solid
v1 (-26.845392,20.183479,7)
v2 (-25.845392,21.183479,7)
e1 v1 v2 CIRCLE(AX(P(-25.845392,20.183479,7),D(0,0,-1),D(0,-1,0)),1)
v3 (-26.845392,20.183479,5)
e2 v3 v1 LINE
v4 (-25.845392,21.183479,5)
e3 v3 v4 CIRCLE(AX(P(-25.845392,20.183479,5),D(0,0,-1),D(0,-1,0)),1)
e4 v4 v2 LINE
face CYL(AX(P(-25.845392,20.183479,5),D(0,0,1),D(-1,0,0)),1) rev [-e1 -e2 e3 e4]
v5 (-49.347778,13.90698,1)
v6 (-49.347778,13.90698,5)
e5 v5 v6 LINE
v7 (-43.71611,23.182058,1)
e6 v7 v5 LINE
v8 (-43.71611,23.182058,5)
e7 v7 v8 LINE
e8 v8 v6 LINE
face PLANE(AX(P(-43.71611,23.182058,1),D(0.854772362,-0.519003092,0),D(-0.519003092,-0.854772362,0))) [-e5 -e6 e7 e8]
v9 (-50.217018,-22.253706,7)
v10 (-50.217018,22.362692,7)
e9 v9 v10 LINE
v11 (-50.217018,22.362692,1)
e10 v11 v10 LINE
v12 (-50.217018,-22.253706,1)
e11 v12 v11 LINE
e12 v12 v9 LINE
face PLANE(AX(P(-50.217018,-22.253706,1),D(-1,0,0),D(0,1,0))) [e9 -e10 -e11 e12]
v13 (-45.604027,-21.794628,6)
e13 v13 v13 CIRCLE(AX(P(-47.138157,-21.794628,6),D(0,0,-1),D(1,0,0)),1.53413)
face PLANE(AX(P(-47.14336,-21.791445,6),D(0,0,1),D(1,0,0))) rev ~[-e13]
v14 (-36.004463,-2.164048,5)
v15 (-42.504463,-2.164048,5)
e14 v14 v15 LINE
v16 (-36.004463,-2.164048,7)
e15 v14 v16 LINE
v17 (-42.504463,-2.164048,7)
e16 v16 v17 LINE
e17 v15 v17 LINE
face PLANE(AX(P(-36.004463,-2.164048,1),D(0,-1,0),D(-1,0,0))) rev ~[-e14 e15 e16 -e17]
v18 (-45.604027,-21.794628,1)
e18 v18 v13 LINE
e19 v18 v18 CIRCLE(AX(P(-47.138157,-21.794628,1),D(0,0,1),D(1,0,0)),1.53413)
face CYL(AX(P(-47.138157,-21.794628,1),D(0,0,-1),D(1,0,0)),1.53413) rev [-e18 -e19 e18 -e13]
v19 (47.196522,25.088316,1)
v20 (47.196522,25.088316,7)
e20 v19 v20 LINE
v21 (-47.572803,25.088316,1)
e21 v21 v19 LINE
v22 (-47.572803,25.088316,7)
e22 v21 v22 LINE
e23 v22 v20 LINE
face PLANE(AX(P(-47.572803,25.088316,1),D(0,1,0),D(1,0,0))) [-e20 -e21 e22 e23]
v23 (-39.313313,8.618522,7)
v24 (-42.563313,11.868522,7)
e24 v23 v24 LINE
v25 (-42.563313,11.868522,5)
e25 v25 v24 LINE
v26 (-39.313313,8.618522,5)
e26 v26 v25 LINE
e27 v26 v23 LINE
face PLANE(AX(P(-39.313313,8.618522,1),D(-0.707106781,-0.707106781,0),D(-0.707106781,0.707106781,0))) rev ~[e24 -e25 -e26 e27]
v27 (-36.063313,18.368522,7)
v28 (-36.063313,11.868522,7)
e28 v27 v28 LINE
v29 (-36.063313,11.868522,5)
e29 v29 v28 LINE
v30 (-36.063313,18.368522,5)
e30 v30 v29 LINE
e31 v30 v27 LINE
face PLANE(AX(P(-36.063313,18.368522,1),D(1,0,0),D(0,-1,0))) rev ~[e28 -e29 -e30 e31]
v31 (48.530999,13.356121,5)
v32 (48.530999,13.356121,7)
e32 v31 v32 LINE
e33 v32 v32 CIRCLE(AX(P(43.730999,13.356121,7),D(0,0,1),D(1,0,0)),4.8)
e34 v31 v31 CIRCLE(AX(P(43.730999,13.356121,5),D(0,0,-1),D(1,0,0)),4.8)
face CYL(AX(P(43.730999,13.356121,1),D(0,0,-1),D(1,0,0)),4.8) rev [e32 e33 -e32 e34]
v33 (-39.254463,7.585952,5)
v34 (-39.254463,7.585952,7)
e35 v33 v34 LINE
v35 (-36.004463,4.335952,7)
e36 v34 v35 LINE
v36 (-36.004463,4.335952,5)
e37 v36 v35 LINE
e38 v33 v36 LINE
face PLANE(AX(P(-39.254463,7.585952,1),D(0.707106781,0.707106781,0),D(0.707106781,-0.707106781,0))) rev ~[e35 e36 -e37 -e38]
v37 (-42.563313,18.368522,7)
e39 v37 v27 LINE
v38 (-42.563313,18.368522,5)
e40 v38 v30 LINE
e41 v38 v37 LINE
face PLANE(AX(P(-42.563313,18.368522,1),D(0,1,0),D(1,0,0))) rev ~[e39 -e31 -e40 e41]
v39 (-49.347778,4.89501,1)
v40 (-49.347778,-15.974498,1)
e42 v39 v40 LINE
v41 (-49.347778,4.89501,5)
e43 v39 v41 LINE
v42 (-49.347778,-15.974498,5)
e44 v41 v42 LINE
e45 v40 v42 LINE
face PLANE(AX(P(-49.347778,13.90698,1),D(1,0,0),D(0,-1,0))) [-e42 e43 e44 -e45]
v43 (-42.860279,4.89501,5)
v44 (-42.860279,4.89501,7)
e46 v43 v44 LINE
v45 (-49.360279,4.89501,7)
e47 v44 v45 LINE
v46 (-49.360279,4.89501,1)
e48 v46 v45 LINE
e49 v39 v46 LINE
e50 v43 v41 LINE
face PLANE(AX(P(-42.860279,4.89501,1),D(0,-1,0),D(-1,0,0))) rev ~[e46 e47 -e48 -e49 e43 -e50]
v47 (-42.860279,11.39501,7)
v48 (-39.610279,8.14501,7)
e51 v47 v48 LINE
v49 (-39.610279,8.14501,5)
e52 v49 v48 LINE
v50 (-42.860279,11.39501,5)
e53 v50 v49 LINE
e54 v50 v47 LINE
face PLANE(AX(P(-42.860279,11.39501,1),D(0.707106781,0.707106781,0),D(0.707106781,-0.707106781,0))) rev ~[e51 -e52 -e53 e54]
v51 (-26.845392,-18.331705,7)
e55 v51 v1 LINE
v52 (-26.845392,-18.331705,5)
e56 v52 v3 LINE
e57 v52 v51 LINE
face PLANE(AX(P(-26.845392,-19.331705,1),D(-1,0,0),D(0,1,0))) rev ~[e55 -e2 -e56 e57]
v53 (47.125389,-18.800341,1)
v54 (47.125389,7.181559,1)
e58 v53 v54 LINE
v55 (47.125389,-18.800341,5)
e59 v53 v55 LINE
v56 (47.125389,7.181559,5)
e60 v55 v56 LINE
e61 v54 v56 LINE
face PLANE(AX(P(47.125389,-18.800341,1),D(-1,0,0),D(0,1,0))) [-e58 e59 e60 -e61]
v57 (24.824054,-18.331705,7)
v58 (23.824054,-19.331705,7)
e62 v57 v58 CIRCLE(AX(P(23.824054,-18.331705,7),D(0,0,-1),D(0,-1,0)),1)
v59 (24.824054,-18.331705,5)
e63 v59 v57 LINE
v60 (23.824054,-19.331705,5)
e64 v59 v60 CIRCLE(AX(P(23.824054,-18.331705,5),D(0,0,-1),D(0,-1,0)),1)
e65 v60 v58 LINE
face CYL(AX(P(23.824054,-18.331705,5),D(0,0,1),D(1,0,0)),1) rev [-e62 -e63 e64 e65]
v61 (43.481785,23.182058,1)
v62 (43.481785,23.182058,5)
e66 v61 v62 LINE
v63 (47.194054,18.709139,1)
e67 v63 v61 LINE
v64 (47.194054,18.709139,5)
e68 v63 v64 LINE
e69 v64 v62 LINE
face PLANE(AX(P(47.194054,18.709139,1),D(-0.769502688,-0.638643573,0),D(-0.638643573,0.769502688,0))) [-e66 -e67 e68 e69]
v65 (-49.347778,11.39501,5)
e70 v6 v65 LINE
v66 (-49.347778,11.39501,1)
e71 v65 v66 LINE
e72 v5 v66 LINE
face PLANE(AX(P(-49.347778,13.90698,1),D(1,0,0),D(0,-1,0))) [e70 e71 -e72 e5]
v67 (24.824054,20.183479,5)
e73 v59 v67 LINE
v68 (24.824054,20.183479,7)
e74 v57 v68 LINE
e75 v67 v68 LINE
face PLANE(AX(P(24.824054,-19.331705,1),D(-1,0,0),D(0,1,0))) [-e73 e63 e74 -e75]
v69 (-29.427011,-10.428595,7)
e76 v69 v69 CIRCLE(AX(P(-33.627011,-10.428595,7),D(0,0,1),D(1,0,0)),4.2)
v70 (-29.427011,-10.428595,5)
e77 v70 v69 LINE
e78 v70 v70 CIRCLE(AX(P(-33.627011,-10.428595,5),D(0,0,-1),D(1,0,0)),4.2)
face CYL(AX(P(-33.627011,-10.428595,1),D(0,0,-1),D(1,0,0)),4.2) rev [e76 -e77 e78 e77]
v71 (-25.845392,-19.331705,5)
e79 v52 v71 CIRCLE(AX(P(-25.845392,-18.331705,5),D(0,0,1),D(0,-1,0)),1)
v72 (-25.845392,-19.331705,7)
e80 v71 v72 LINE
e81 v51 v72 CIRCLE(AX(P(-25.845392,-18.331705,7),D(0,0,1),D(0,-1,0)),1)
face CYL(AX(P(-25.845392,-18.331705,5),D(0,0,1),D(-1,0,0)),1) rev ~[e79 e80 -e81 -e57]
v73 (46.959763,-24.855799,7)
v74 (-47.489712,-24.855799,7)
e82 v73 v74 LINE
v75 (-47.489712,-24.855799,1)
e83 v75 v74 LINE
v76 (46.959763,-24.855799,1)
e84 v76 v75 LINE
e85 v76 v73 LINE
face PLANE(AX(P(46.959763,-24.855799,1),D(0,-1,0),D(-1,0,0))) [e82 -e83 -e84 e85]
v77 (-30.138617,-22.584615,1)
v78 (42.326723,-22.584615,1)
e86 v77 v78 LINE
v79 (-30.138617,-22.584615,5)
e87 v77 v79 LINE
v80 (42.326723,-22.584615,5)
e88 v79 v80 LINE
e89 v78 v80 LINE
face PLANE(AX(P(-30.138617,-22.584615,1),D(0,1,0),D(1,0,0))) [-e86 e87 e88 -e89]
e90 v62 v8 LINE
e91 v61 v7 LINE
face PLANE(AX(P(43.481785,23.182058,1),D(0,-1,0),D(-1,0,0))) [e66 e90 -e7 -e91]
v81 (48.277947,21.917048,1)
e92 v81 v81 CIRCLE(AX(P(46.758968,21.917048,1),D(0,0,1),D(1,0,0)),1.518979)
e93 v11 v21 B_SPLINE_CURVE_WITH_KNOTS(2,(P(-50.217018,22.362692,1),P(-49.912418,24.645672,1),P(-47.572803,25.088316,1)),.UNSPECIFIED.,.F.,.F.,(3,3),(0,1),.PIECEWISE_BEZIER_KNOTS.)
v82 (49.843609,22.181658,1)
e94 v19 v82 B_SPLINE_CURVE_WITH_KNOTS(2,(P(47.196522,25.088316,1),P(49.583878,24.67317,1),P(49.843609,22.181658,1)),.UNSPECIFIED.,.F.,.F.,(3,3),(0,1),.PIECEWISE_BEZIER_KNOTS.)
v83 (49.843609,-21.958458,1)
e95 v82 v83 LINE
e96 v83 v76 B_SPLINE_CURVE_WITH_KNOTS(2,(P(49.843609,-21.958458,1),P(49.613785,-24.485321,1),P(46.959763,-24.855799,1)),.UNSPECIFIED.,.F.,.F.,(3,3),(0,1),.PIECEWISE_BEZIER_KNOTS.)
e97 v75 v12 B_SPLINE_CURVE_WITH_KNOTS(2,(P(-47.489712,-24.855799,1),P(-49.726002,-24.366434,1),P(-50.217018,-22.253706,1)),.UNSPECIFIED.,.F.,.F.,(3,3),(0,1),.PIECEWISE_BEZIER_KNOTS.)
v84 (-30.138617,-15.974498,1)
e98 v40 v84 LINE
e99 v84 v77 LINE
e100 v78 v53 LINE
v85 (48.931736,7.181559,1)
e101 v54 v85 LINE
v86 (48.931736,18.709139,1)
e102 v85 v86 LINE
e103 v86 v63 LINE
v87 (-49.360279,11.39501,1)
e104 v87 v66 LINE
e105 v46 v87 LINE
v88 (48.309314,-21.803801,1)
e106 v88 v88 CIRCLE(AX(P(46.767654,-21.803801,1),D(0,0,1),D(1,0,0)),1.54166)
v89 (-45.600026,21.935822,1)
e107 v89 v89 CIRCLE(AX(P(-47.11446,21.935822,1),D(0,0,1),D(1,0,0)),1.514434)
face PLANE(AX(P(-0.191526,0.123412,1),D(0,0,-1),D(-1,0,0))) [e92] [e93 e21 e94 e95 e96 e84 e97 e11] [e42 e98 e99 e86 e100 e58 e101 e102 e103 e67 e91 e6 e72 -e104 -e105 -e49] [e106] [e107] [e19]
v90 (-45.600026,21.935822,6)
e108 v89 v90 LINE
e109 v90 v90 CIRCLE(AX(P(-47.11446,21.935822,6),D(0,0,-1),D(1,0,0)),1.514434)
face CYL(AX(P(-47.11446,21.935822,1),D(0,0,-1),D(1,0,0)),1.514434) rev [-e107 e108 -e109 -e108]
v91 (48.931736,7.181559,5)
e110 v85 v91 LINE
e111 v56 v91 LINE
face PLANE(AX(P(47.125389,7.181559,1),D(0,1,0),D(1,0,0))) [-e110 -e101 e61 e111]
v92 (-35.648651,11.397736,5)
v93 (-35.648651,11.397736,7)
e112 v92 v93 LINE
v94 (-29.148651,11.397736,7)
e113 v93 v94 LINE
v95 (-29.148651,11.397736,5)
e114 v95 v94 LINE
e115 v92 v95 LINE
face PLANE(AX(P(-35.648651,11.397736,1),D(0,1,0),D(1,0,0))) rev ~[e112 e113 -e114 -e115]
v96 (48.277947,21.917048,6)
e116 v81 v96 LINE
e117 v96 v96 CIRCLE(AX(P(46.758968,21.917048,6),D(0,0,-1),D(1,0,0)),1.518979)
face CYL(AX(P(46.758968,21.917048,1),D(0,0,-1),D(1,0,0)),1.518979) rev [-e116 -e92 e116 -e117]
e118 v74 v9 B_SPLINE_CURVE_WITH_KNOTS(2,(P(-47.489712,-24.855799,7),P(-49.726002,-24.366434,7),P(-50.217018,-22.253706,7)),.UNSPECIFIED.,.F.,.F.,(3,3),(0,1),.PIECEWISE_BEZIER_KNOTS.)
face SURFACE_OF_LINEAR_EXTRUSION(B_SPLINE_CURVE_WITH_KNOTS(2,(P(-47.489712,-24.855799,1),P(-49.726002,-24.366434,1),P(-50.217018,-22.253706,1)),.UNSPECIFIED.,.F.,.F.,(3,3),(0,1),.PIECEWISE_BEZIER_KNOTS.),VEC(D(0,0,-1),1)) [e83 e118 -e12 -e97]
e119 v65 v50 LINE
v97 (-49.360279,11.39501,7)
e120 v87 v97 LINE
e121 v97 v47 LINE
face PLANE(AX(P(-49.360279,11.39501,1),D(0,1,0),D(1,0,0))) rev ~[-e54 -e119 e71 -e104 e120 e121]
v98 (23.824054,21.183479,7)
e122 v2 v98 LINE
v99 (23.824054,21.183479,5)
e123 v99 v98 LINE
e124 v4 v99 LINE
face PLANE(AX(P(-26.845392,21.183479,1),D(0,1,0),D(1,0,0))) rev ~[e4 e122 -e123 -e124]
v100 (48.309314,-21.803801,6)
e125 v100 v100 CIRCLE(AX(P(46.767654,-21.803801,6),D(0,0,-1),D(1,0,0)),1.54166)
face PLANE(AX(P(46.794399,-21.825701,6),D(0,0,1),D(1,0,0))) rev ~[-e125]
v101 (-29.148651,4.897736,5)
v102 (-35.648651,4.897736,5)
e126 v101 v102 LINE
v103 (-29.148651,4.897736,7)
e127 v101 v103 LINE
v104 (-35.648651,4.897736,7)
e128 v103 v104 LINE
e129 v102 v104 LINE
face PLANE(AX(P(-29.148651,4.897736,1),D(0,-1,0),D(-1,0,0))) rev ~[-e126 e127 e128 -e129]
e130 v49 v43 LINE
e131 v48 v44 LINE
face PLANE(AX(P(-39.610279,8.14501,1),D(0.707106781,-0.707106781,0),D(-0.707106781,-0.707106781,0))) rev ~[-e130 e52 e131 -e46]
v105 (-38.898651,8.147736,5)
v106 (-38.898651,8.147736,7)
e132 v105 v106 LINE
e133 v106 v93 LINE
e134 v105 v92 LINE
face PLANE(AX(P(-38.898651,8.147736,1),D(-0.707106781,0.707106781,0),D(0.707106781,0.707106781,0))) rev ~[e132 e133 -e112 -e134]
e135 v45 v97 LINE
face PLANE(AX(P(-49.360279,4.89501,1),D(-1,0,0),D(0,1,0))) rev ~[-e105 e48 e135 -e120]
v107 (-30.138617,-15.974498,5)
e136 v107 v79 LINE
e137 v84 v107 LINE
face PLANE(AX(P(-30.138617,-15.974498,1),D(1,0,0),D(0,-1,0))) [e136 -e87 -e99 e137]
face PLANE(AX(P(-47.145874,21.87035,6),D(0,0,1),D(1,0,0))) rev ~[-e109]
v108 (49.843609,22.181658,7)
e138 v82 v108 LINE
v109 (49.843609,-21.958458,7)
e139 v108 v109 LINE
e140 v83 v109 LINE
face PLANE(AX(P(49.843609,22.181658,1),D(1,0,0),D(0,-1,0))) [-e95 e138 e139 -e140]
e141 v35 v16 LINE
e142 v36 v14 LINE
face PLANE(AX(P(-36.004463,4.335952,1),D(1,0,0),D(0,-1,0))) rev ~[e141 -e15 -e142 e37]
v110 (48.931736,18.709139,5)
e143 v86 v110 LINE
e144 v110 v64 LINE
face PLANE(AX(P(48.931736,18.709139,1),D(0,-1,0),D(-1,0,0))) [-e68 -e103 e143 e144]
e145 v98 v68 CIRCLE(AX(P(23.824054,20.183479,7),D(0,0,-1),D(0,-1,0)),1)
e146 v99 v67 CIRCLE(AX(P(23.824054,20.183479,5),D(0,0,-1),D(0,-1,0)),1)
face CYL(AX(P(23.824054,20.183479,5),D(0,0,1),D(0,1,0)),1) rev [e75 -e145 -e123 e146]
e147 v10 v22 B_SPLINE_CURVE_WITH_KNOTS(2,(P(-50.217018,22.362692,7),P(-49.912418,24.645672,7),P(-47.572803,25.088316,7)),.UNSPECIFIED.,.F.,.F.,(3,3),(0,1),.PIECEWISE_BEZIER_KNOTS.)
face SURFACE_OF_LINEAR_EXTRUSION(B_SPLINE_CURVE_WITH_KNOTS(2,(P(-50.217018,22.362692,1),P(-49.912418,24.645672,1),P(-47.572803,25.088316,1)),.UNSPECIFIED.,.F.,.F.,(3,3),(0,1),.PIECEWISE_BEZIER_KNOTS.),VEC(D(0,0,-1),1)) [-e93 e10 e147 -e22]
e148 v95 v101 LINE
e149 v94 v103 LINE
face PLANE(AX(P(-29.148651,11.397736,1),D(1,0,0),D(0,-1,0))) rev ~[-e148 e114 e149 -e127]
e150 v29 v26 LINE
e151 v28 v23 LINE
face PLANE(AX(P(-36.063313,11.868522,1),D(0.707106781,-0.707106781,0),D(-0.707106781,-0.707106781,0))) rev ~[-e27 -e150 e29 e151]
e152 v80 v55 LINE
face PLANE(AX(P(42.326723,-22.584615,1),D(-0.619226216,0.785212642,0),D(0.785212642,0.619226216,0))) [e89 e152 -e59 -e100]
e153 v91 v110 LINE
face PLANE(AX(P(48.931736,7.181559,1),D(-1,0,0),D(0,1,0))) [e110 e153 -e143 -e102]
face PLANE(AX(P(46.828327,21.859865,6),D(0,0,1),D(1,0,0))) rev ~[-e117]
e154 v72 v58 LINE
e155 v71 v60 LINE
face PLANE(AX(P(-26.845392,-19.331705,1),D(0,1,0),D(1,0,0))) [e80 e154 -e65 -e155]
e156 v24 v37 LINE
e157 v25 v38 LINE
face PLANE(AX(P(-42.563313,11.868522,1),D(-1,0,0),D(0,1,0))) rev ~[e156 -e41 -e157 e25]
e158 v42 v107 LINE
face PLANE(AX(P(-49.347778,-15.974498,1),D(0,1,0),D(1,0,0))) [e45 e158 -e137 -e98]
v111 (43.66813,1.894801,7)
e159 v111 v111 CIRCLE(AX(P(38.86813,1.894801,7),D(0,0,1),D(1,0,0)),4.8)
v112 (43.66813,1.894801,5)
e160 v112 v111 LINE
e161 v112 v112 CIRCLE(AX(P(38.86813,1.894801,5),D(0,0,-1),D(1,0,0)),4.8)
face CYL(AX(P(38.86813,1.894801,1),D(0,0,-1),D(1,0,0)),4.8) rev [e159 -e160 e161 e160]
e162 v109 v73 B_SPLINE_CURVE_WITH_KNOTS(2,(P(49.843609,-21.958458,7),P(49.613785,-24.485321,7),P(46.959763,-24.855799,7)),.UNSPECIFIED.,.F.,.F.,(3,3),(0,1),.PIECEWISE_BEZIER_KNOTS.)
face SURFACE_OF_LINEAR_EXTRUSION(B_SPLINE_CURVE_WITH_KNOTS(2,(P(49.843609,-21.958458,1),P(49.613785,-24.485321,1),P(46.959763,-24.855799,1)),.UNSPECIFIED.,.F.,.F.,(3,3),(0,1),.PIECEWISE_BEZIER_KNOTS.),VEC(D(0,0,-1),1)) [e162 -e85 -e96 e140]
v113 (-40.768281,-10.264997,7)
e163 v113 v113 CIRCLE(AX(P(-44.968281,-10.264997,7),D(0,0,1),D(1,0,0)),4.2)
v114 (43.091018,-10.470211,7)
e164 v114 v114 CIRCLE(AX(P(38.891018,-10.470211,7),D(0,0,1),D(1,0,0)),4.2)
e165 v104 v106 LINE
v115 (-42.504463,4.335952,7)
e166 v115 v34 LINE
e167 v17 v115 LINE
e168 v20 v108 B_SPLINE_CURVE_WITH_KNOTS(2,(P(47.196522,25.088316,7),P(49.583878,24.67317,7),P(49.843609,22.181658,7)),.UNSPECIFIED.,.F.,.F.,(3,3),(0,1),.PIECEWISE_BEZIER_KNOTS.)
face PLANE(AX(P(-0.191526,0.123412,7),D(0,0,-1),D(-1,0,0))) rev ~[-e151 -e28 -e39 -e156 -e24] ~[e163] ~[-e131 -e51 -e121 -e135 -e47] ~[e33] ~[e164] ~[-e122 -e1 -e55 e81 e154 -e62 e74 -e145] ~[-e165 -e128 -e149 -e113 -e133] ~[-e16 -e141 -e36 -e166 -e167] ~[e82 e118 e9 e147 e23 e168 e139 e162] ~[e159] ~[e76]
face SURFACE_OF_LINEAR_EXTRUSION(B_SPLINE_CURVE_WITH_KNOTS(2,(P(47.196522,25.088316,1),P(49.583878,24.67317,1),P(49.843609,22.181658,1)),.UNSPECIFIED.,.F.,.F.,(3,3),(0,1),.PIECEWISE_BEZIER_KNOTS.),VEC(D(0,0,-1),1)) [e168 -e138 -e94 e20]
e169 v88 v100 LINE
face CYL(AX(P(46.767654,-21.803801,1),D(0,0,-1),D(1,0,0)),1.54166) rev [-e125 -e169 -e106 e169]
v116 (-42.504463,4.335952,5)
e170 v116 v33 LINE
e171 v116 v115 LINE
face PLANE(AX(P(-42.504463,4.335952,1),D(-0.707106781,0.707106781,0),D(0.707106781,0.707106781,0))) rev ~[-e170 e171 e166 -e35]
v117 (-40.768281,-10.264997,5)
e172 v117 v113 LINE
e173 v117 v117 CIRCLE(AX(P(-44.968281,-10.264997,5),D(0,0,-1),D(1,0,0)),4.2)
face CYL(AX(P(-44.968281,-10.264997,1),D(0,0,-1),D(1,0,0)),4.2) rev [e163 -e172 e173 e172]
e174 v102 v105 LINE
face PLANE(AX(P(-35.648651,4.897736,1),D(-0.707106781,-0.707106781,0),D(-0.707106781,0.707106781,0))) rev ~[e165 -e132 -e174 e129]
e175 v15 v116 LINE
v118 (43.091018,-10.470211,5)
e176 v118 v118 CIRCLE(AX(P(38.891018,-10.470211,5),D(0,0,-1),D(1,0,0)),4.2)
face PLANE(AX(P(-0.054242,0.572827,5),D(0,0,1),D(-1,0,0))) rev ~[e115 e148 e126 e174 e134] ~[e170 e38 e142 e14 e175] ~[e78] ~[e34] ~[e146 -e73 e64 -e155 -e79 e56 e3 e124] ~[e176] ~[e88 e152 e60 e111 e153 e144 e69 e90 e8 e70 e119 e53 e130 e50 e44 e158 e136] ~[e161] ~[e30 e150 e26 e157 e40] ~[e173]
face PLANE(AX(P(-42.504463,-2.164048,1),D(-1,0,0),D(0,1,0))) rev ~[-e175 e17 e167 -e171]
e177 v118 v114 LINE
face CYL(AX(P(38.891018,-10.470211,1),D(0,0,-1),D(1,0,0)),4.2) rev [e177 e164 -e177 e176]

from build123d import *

# Parameters (mm, degrees)
SKETCH004_R     = 4.2
SKETCH004_R_2   = 4.8
SKETCH004_R_3   = 1.518979
SKETCH004_R_4   = 1.54166
SKETCH004_R_5   = 1.514434
SKETCH004_R_6   = 1.53413
SKETCH004_W     = 51.669447
SKETCH004_H     = 40.515184
PAD004_DEPTH    = 6
POCKET_DEPTH    = 4
FILLET002_R     = 1
SKETCH006_R     = 1.977075
SKETCH006_R_2   = 1.924832
SKETCH006_R_3   = 1.937522
SKETCH006_R_4   = 2.033894
POCKET001_DEPTH = 1
SKETCH007_R     = 2.076166
SKETCH007_R_2   = 2.097374
SKETCH007_R_3   = 2.246485
SKETCH007_R_4   = 2.27026
PAD005_DEPTH    = 1


with BuildPart() as part:
    # Sketch004 → Pad004 (new body)
    with BuildSketch(Plane.XY):
        with BuildLine():
            Line((-47.572803, 25.088316), (47.196522, 25.088316))
            add(Edge.make_bspline(
                [(47.196522, 25.088316), (49.583878, 24.67317), (49.843609, 22.181658)],
                knots=[0, 0, 0, 1, 1, 1], degree=2))
            Line((49.843609, 22.181658), (49.843609, -21.958458))
            add(Edge.make_bspline(
                [(49.843609, -21.958458), (49.613785, -24.485321), (46.959763, -24.855799)],
                knots=[0, 0, 0, 1, 1, 1], degree=2))
            Line((46.959763, -24.855799), (-47.489712, -24.855799))
            add(Edge.make_bspline(
                [(-47.489712, -24.855799), (-49.726002, -24.366434), (-50.217018, -22.253706)],
                knots=[0, 0, 0, 1, 1, 1], degree=2))
            Line((-50.217018, -22.253706), (-50.217018, 22.362692))
            add(Edge.make_bspline(
                [(-50.217018, 22.362692), (-49.912418, 24.645672), (-47.572803, 25.088316)],
                knots=[0, 0, 0, 1, 1, 1], degree=2))
        make_face()
        Polygon((-42.563313, 18.368522), (-36.063313, 18.368522), (-36.063313, 11.868522), (-39.313313, 8.618522), (-42.563313, 11.868522), align=None, mode=Mode.SUBTRACT)
        Polygon((-38.898651, 8.147736), (-35.648651, 11.397736), (-29.148651, 11.397736), (-29.148651, 4.897736), (-35.648651, 4.897736), align=None, mode=Mode.SUBTRACT)
        Polygon((-39.254463, 7.585952), (-36.004463, 4.335952), (-36.004463, -2.164048), (-42.504463, -2.164048), (-42.504463, 4.335952), align=None, mode=Mode.SUBTRACT)
        Polygon((-39.610279, 8.14501), (-42.860279, 4.89501), (-49.360279, 4.89501), (-49.360279, 11.39501), (-42.860279, 11.39501), align=None, mode=Mode.SUBTRACT)
        with Locations((-44.968281, -10.264997)):
            Circle(SKETCH004_R, mode=Mode.SUBTRACT)
        with Locations((-33.627011, -10.428595)):
            Circle(SKETCH004_R, mode=Mode.SUBTRACT)
        with Locations((43.730999, 13.356121)):
            Circle(SKETCH004_R_2, mode=Mode.SUBTRACT)
        with Locations((38.86813, 1.894801)):
            Circle(SKETCH004_R_2, mode=Mode.SUBTRACT)
        with Locations((38.891018, -10.470211)):
            Circle(SKETCH004_R, mode=Mode.SUBTRACT)
        with Locations((46.758968, 21.917048)):
            Circle(SKETCH004_R_3, mode=Mode.SUBTRACT)
        with Locations((46.767654, -21.803801)):
            Circle(SKETCH004_R_4, mode=Mode.SUBTRACT)
        with Locations((-47.11446, 21.935822)):
            Circle(SKETCH004_R_5, mode=Mode.SUBTRACT)
        with Locations((-47.138157, -21.794628)):
            Circle(SKETCH004_R_6, mode=Mode.SUBTRACT)
        with Locations((-1.010669, 0.925887)):
            Rectangle(SKETCH004_W, SKETCH004_H, mode=Mode.SUBTRACT)
    extrude(amount=PAD004_DEPTH)

    # Sketch005 (on Face42 of Pad004) → Pocket (cut)
    with BuildSketch(Plane(origin=(0, 0, 0), x_dir=(1, 0, 0), z_dir=(0, 0, -1))):
        Polygon((-49.347778, 15.974498), (-30.138617, 15.974498), (-30.138617, 22.584615), (42.326723, 22.584615), (47.125389, 18.800341), (47.125389, -7.181559), (48.931736, -7.181559), (48.931736, -18.709139), (47.194054, -18.709139), (43.481785, -23.182058), (-43.71611, -23.182058), (-49.347778, -13.90698), align=None)
    extrude(amount=-POCKET_DEPTH, mode=Mode.SUBTRACT)

    # Fillet002
    fillet002_edges = [part.edges().sort_by_distance(p)[0] for p in [
        (-26.845392, 21.183479, 5),
        (-26.845392, -19.331705, 5),
        (24.824055, -19.331705, 5),
        (24.824055, 21.183479, 5),
    ]]
    fillet(fillet002_edges, radius=FILLET002_R)

    # Sketch006 (on Face1 of Fillet002) → Pocket001 (cut)
    with BuildSketch(Plane.XY.offset(6)):
        with Locations((-47.123535, 21.901525)):
            Circle(SKETCH006_R)
        with Locations((46.745956, 21.922697)):
            Circle(SKETCH006_R_2)
        with Locations((46.77578, -21.811125)):
            Circle(SKETCH006_R_3)
        with Locations((-47.121822, -21.801273)):
            Circle(SKETCH006_R_4)
    extrude(amount=-POCKET001_DEPTH, mode=Mode.SUBTRACT)

    # Sketch007 (on Face50 of Pocket001) → Pad005 (join)
    with BuildSketch(Plane.XY.offset(5)):
        with Locations((46.794399, -21.825701)):
            Circle(SKETCH007_R)
        with Locations((46.828327, 21.859865)):
            Circle(SKETCH007_R_2)
        with Locations((-47.145874, 21.87035)):
            Circle(SKETCH007_R_3)
        with Locations((-47.14336, -21.791445)):
            Circle(SKETCH007_R_4)
    extrude(amount=PAD005_DEPTH)


with BuildPart() as part_1:
    # Body001 placement: moved
    add(part.part.moved(Location((0, 0, 1))))


solid = part_1.part
